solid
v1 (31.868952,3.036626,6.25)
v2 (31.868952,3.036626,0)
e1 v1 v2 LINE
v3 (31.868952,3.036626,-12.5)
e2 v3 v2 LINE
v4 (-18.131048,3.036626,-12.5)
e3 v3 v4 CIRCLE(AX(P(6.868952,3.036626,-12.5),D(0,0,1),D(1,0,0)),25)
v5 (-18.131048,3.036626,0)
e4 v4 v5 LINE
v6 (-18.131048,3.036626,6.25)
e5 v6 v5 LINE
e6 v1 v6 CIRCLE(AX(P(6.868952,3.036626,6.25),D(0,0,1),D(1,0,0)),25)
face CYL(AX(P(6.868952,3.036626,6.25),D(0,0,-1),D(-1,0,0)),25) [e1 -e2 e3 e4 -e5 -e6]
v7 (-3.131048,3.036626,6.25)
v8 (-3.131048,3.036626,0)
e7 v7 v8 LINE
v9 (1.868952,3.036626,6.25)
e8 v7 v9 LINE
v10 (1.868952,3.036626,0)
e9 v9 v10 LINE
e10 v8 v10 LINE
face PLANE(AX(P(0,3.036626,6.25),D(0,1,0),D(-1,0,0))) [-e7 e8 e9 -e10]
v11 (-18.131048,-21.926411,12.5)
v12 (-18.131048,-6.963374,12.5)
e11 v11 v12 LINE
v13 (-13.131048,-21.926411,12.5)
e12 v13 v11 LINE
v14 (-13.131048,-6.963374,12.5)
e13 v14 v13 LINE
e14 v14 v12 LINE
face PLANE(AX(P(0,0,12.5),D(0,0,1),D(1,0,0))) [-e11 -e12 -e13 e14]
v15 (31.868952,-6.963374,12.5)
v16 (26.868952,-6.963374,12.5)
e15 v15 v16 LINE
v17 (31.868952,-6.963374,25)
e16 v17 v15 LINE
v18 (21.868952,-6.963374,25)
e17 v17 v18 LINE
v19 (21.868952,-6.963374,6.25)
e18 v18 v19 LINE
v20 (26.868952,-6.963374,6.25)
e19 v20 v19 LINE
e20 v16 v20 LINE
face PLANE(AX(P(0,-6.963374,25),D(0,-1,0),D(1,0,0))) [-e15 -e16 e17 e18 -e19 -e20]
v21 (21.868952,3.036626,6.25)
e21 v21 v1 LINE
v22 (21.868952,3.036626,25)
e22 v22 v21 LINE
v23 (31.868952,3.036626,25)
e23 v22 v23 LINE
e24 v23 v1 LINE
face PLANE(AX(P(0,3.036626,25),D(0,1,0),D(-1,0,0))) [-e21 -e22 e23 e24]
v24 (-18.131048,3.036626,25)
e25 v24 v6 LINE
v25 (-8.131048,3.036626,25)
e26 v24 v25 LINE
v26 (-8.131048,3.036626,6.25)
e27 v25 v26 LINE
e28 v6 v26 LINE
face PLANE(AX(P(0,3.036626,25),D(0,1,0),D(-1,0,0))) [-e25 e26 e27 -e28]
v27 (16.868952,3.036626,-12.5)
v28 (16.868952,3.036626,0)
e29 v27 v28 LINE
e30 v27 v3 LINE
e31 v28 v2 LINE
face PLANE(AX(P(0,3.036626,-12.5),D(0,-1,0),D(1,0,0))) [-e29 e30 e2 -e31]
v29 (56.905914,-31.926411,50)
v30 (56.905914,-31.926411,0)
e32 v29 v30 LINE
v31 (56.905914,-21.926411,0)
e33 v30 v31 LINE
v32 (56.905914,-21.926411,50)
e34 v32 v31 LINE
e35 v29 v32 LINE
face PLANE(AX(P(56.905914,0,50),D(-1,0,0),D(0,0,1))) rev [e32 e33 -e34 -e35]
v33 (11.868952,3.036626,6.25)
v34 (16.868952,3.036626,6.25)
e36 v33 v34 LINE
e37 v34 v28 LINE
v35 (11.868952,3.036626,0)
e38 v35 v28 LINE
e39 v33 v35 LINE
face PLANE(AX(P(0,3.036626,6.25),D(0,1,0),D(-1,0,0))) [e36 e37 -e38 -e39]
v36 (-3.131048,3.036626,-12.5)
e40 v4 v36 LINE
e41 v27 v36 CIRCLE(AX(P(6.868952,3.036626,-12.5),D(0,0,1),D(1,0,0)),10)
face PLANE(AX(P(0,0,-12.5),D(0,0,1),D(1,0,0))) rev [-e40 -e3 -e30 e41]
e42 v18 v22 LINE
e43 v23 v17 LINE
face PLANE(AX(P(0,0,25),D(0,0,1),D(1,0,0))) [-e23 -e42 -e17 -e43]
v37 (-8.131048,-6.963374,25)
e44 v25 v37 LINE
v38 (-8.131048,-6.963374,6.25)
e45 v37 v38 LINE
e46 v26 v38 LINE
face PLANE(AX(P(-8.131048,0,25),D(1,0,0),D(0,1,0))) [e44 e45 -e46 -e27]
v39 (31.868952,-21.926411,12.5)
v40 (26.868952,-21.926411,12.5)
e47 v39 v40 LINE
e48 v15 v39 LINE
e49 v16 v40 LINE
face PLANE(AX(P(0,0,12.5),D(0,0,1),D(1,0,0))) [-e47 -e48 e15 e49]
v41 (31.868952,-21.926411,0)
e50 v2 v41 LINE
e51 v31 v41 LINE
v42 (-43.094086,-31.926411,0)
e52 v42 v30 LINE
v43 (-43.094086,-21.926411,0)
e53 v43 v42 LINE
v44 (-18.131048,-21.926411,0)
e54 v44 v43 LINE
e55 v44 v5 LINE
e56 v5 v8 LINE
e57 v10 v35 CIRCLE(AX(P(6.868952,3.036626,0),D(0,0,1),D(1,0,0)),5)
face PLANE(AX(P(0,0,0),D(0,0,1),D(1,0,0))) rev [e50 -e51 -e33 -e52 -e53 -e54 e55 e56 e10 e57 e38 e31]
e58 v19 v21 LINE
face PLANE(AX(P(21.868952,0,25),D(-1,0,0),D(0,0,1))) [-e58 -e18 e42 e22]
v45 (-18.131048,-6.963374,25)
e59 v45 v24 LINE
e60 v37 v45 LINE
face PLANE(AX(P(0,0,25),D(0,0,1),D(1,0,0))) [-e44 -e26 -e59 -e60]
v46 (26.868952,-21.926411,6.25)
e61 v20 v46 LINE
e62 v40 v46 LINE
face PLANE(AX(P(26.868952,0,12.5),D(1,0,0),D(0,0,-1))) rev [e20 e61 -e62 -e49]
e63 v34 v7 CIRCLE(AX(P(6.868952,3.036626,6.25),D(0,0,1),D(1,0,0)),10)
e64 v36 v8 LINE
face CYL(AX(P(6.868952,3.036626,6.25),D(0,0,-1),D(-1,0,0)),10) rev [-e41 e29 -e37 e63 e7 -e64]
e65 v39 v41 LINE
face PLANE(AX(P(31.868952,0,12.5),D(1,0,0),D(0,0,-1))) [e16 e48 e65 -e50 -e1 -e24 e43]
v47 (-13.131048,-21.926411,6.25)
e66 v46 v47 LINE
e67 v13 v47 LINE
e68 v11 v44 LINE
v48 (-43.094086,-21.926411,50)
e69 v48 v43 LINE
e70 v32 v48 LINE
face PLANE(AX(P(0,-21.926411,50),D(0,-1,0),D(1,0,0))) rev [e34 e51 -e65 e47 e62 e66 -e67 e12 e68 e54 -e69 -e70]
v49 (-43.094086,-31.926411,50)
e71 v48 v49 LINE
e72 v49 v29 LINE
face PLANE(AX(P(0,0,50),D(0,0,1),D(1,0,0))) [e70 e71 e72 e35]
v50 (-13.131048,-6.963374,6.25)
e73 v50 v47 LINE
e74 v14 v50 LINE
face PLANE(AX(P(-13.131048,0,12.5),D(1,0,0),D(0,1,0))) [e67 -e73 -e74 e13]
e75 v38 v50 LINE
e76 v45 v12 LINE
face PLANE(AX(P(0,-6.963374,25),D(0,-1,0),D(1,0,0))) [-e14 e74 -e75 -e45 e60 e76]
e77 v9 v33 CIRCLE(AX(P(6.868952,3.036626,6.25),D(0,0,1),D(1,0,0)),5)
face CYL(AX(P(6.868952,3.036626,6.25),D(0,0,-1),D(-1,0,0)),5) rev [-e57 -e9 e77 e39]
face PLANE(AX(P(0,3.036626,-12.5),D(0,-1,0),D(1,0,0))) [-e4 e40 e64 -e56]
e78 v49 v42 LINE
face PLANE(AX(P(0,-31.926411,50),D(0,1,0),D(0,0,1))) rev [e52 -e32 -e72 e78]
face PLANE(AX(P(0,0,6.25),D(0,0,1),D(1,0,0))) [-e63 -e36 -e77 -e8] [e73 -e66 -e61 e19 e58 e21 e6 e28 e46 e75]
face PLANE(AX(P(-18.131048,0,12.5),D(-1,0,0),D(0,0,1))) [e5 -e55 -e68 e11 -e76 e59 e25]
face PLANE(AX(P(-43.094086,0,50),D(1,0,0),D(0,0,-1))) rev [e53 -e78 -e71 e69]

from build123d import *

# Parameters (mm, degrees)
BOSS_EXTRUDE1_DEPTH   = 50
SKETCH1_6_W           = 10
SKETCH1_6_H           = 10
BOSS_EXTRUDE2_DEPTH   = 25
BOSS_EXTRUDE2_2_DEPTH = 25
SKETCH1_7_W           = 5
SKETCH1_7_H           = 14.963037634
BOSS_EXTRUDE3_DEPTH   = 12.5
BOSS_EXTRUDE4_DEPTH   = 6.25
BOSS_EXTRUDE5_START   = -12.5
BOSS_EXTRUDE5_DEPTH   = 12.5


with BuildPart() as part:
    # Sketch1 → Boss-Extrude1 (new body)
    with BuildSketch(Plane.XY):
        Polygon((-43.094086022, -21.92641129), (-43.094086022, -31.92641129), (56.905913978, -31.92641129), (56.905913978, -21.92641129), (31.868951613, -21.92641129), (26.868951613, -21.92641129), (-13.131048387, -21.92641129), (-18.131048387, -21.92641129), align=None)
    extrude(amount=BOSS_EXTRUDE1_DEPTH)



with BuildPart() as body_2:
    # Sketch1<6> → Boss-Extrude2 (new body)
    with BuildSketch(Plane.XY):
        with Locations((-13.131048387, -1.963373656)):
            Rectangle(SKETCH1_6_W, SKETCH1_6_H)
    extrude(amount=BOSS_EXTRUDE2_DEPTH)


with BuildPart() as body_3:
    # Sketch1<6> → Boss-Extrude2 2 (new body)
    with BuildSketch(Plane.XY):
        with Locations((26.868951613, -1.963373656)):
            Rectangle(SKETCH1_6_W, SKETCH1_6_H)
    extrude(amount=BOSS_EXTRUDE2_2_DEPTH)


with BuildPart() as part_1:
    add(part.part)

    add(body_2.part)  # Boss-Extrude3 merges body 2

    add(body_3.part)  # Boss-Extrude3 merges body 3
    # Sketch1<7> → Boss-Extrude3 (add)
    with BuildSketch(Plane.XY):
        with Locations((-15.631048387, -14.444892473)):
            Rectangle(SKETCH1_7_W, SKETCH1_7_H)
        with Locations((29.368951613, -14.444892473)):
            Rectangle(SKETCH1_7_W, SKETCH1_7_H)
    extrude(amount=BOSS_EXTRUDE3_DEPTH)

    # Sketch1<8> → Boss-Extrude4 (add)
    with BuildSketch(Plane.XY):
        with BuildLine():
            Line((-13.131048387, -6.963373656), (-13.131048387, -21.92641129))
            Line((-13.131048387, -21.92641129), (26.868951613, -21.92641129))
            Line((26.868951613, -21.92641129), (26.868951613, -6.963373656))
            Line((26.868951613, -6.963373656), (21.868951613, -6.963373656))
            Line((21.868951613, -6.963373656), (21.868951613, 3.036626344))
            Line((21.868951613, 3.036626344), (31.868951613, 3.036626344))
            ThreePointArc((31.868951613, 3.036626344), (6.868951613, 28.036626344), (-18.131048387, 3.036626344))
            Line((-18.131048387, 3.036626344), (-8.131048387, 3.036626344))
            Line((-8.131048387, 3.036626344), (-8.131048387, -6.963373656))
            Line((-8.131048387, -6.963373656), (-13.131048387, -6.963373656))
        make_face()
        with BuildLine():
            Line((1.868951613, 3.036626344), (-3.131048387, 3.036626344))
            ThreePointArc((-3.131048387, 3.036626344), (6.868951613, 13.036626344), (16.868951613, 3.036626344))
            Line((16.868951613, 3.036626344), (11.868951613, 3.036626344))
            ThreePointArc((11.868951613, 3.036626344), (6.868951613, -1.963373656), (1.868951613, 3.036626344))
        make_face(mode=Mode.SUBTRACT)
    extrude(amount=BOSS_EXTRUDE4_DEPTH)

    # Sketch1<9> → Boss-Extrude5 (add)
    with BuildSketch(Plane.XY.offset(BOSS_EXTRUDE5_START)):
        with BuildLine():
            ThreePointArc((31.868951613, 3.036626344), (6.868951613, 28.036626344), (-18.131048387, 3.036626344))
            Line((-18.131048387, 3.036626344), (-8.131048387, 3.036626344))
            Line((-8.131048387, 3.036626344), (-3.131048387, 3.036626344))
            ThreePointArc((-3.131048387, 3.036626344), (6.868951613, 13.036626344), (16.868951613, 3.036626344))
            Line((16.868951613, 3.036626344), (21.868951613, 3.036626344))
            Line((21.868951613, 3.036626344), (31.868951613, 3.036626344))
        make_face()
    extrude(amount=BOSS_EXTRUDE5_DEPTH)


solid = part_1.part
